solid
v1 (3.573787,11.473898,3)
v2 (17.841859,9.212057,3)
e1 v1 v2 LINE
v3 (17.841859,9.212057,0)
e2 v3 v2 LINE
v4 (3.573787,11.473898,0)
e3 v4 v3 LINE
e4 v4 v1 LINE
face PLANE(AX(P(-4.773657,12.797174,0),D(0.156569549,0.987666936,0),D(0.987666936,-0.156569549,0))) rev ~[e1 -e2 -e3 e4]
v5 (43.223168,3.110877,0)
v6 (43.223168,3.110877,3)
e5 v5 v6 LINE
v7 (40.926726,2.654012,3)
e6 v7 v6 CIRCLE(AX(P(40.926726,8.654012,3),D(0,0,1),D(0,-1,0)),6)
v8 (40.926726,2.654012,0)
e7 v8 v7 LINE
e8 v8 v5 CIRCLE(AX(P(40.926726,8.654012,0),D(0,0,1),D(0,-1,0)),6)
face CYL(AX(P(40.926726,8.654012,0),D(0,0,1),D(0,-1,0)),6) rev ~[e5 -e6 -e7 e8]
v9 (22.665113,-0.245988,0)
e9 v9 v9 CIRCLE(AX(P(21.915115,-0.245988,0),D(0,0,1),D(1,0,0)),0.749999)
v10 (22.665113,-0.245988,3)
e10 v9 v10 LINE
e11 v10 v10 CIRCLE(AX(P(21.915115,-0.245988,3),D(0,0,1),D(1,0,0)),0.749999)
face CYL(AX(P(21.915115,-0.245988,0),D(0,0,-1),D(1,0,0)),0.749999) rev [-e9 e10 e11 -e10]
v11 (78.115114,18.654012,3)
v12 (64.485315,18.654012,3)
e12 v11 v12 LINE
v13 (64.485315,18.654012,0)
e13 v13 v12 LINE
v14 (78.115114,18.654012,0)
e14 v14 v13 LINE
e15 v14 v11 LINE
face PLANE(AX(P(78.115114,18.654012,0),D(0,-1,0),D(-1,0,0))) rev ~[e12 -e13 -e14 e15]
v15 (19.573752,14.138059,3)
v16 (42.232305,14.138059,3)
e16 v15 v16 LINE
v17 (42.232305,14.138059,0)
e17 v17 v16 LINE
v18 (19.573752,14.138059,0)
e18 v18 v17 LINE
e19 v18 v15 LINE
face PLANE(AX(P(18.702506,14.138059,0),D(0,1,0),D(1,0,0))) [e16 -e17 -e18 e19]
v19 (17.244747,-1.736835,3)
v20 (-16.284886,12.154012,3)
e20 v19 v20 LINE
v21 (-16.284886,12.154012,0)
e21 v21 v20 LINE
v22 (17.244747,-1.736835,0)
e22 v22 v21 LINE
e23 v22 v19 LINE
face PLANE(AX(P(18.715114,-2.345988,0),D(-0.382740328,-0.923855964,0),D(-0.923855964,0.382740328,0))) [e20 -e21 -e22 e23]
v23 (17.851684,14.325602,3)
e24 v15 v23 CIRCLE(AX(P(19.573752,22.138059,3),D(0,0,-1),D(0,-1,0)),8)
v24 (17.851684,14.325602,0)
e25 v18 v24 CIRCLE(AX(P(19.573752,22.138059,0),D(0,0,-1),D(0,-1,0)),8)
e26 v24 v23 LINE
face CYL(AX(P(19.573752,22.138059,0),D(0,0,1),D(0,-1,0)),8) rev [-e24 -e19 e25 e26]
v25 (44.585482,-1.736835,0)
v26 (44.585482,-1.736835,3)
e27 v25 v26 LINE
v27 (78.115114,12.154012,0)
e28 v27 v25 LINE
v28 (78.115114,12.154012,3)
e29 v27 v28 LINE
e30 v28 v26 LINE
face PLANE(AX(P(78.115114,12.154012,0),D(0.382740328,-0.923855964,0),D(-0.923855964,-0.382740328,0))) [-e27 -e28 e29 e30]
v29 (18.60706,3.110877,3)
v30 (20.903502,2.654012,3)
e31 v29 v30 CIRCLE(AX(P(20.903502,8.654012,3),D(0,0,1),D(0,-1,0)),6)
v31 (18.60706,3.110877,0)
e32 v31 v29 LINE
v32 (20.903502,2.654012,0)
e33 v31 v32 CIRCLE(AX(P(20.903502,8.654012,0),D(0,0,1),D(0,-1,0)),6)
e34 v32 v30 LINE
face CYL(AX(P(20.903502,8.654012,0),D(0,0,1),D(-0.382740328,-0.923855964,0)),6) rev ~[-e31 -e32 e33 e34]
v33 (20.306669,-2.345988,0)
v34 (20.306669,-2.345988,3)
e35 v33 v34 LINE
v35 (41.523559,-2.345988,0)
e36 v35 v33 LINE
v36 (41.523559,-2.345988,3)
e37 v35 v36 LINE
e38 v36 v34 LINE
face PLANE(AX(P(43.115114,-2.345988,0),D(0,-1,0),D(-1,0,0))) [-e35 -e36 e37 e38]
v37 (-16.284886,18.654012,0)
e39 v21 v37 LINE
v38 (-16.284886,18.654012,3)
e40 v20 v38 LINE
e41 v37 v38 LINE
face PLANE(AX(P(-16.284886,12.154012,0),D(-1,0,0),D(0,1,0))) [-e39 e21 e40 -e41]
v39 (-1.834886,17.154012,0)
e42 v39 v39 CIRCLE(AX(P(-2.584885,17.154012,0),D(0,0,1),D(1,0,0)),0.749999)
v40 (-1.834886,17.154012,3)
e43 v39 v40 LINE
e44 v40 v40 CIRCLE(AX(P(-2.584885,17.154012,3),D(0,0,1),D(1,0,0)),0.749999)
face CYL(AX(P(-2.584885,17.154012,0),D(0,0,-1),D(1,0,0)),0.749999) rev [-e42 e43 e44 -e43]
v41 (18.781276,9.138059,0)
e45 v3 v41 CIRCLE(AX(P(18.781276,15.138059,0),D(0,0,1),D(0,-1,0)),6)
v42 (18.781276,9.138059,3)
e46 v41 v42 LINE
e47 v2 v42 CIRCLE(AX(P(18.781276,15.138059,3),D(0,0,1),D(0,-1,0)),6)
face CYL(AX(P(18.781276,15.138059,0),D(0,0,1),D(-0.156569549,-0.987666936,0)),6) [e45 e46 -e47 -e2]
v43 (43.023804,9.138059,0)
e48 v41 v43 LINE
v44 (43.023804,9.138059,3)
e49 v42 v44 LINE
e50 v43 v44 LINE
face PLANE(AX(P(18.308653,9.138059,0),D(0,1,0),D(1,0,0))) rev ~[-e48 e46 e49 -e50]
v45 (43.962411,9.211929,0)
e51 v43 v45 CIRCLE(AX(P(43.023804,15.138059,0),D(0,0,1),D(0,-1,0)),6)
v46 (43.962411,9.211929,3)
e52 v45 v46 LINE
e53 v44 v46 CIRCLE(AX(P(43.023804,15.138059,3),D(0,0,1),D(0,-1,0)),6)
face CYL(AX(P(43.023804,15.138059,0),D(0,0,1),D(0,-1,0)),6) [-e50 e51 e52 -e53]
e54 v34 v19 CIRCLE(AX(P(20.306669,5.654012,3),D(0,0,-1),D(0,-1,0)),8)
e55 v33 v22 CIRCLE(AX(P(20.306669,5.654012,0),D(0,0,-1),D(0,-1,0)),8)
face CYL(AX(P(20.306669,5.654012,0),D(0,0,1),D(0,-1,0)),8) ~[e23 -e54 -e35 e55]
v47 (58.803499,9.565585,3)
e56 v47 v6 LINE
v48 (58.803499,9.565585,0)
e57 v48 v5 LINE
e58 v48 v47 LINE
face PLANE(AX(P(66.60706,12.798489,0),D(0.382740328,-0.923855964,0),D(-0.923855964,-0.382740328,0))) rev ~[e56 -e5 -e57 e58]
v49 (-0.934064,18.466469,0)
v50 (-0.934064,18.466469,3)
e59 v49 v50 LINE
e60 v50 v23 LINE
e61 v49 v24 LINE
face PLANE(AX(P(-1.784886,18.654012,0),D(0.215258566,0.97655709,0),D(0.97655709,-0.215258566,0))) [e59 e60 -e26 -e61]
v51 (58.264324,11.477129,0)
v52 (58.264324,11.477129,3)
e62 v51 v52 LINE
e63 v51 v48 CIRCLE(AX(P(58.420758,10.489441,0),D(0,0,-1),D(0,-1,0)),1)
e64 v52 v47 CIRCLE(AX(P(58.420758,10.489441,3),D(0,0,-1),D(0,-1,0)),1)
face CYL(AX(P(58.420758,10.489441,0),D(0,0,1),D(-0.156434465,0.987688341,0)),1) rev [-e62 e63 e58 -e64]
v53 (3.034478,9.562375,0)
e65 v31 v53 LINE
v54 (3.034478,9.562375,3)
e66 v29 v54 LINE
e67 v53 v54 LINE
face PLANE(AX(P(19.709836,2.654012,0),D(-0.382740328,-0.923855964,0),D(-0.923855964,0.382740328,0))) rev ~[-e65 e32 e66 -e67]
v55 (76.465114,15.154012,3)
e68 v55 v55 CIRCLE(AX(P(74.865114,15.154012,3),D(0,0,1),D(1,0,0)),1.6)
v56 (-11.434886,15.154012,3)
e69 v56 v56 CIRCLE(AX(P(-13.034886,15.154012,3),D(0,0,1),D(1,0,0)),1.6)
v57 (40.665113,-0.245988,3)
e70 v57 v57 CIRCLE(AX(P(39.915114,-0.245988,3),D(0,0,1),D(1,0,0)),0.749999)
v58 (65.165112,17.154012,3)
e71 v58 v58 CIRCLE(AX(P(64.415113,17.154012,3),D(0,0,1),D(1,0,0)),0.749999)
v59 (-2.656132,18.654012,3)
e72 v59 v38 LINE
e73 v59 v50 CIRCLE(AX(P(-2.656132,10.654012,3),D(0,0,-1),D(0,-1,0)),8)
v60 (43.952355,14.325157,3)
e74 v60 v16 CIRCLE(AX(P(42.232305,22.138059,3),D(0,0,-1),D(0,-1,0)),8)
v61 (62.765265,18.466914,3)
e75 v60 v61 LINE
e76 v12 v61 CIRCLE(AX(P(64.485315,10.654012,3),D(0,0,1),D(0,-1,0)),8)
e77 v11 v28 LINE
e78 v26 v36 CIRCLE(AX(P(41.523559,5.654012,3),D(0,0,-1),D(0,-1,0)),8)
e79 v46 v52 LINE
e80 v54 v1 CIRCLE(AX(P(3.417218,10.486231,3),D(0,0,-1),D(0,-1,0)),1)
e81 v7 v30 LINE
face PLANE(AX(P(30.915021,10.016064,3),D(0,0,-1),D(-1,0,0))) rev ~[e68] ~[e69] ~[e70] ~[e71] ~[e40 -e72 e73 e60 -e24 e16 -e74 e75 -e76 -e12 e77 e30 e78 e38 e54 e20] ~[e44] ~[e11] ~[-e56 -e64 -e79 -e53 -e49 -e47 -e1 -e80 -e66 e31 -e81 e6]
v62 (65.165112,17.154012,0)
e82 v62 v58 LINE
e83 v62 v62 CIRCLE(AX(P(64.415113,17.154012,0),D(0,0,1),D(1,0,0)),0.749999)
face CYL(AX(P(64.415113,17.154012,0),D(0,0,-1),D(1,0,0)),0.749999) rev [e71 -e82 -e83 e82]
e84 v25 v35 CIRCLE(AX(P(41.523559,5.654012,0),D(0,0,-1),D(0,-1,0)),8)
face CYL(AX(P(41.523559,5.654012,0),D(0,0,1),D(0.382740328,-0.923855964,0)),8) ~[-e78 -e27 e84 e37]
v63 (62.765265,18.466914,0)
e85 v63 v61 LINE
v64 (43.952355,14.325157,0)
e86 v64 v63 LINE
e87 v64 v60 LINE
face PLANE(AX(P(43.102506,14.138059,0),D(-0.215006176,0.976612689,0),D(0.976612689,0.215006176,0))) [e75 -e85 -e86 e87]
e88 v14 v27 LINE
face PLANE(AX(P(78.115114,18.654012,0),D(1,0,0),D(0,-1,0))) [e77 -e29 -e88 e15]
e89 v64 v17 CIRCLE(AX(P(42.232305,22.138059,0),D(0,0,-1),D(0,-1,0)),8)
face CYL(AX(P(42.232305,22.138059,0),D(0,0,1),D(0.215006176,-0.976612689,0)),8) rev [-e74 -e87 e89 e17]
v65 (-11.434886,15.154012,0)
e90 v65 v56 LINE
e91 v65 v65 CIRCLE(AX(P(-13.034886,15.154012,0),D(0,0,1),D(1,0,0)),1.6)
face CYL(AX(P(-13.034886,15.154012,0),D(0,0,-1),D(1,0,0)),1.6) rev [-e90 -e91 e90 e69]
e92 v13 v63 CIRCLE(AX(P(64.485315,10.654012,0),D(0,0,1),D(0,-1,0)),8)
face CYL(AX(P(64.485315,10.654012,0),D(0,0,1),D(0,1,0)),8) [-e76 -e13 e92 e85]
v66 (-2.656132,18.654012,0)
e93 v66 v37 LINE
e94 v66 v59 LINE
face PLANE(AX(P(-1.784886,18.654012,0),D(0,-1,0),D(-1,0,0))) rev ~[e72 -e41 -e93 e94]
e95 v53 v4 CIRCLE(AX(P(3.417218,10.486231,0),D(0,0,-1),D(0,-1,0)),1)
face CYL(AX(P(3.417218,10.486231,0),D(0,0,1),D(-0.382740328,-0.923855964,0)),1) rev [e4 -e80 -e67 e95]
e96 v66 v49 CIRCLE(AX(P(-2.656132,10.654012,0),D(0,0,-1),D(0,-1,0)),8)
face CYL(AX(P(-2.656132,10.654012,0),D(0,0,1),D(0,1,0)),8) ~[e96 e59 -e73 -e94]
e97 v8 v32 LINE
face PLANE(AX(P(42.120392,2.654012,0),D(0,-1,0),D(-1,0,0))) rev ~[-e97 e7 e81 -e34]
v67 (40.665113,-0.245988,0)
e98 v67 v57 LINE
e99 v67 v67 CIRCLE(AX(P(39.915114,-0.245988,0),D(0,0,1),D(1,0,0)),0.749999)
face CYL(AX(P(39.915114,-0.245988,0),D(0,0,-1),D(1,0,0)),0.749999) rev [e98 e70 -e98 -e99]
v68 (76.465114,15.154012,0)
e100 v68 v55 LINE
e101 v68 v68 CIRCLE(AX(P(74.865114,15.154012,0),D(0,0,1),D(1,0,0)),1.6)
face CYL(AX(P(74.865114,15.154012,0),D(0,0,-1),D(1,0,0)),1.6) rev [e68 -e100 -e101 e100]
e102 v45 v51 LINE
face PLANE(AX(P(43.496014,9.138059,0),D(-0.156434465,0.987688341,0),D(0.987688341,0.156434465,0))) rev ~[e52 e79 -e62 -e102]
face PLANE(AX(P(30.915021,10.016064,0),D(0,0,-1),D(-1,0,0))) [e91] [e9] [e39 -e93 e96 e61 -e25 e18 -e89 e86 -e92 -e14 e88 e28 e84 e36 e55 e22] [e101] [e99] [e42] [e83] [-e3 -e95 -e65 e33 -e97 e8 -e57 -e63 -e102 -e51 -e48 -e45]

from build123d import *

# Parameters (mm, degrees)
ESBO_O1_R                = 1.6
ESBO_O1_R_2              = 0.7499985
RESSALTO_EXTRUS_O1_DEPTH = 3
FILETE1_R                = 1
FILETE2_R                = 6
FILETE3_R                = 8
FILETE4_R                = 8


with BuildPart() as part:
    # Esboço1 → Ressalto-extrusão1 (new body)
    with BuildSketch(Plane.XY):
        Polygon((78.115114297, 18.654012354), (78.115114297, 12.154012354), (43.115114297, -2.345987646), (18.715114297, -2.345987646), (-16.284885703, 12.154012354), (-16.284885703, 18.654012354), (-9.784885703, 18.654012354), (-1.784885703, 18.654012354), (18.702505635, 14.138058789), (43.102505635, 14.138058789), (63.615114297, 18.654012354), (71.615114297, 18.654012354), align=None)
        with Locations((74.865114297, 15.154012354)):
            Circle(ESBO_O1_R, mode=Mode.SUBTRACT)
        with Locations((-13.034885703, 15.154012354)):
            Circle(ESBO_O1_R, mode=Mode.SUBTRACT)
        with Locations((21.915114517, -0.245988346)):
            Circle(ESBO_O1_R_2, mode=Mode.SUBTRACT)
        with Locations((39.915114077, -0.245988346)):
            Circle(ESBO_O1_R_2, mode=Mode.SUBTRACT)
        with Locations((64.415113337, 17.154012414)):
            Circle(ESBO_O1_R_2, mode=Mode.SUBTRACT)
        with Locations((-2.584884743, 17.154012414)):
            Circle(ESBO_O1_R_2, mode=Mode.SUBTRACT)
        Polygon((19.709836187, 2.654012354), (-4.773656813, 12.79717374), (18.308653057, 9.138058789), (43.496014169, 9.138058789), (66.607059688, 12.798488799), (42.120392408, 2.654012354), align=None, mode=Mode.SUBTRACT)
    extrude(amount=RESSALTO_EXTRUS_O1_DEPTH)

    # Filete1
    filete1_edges = [part.edges().sort_by_distance(p)[0] for p in [
        (66.607059688, 12.798488799, 1.5),
        (-4.773656813, 12.79717374, 1.5),
    ]]
    fillet(filete1_edges, radius=FILETE1_R)

    # Filete2
    filete2_edges = [part.edges().sort_by_distance(p)[0] for p in [
        (19.709836187, 2.654012354, 1.5),
        (42.120392408, 2.654012354, 1.5),
        (43.496014169, 9.138058789, 1.5),
        (18.308653057, 9.138058789, 1.5),
    ]]
    fillet(filete2_edges, radius=FILETE2_R)

    # Filete3
    filete3_edges = [part.edges().sort_by_distance(p)[0] for p in [
        (43.115114297, -2.345987646, 1.5),
        (18.715114297, -2.345987646, 1.5),
        (18.702505635, 14.138058789, 1.5),
        (43.102505635, 14.138058789, 1.5),
    ]]
    fillet(filete3_edges, radius=FILETE3_R)

    # Filete4
    filete4_edges = [part.edges().sort_by_distance(p)[0] for p in [
        (-1.784885703, 18.654012354, 1.5),
        (63.615114297, 18.654012354, 1.5),
    ]]
    fillet(filete4_edges, radius=FILETE4_R)


solid = part.part
